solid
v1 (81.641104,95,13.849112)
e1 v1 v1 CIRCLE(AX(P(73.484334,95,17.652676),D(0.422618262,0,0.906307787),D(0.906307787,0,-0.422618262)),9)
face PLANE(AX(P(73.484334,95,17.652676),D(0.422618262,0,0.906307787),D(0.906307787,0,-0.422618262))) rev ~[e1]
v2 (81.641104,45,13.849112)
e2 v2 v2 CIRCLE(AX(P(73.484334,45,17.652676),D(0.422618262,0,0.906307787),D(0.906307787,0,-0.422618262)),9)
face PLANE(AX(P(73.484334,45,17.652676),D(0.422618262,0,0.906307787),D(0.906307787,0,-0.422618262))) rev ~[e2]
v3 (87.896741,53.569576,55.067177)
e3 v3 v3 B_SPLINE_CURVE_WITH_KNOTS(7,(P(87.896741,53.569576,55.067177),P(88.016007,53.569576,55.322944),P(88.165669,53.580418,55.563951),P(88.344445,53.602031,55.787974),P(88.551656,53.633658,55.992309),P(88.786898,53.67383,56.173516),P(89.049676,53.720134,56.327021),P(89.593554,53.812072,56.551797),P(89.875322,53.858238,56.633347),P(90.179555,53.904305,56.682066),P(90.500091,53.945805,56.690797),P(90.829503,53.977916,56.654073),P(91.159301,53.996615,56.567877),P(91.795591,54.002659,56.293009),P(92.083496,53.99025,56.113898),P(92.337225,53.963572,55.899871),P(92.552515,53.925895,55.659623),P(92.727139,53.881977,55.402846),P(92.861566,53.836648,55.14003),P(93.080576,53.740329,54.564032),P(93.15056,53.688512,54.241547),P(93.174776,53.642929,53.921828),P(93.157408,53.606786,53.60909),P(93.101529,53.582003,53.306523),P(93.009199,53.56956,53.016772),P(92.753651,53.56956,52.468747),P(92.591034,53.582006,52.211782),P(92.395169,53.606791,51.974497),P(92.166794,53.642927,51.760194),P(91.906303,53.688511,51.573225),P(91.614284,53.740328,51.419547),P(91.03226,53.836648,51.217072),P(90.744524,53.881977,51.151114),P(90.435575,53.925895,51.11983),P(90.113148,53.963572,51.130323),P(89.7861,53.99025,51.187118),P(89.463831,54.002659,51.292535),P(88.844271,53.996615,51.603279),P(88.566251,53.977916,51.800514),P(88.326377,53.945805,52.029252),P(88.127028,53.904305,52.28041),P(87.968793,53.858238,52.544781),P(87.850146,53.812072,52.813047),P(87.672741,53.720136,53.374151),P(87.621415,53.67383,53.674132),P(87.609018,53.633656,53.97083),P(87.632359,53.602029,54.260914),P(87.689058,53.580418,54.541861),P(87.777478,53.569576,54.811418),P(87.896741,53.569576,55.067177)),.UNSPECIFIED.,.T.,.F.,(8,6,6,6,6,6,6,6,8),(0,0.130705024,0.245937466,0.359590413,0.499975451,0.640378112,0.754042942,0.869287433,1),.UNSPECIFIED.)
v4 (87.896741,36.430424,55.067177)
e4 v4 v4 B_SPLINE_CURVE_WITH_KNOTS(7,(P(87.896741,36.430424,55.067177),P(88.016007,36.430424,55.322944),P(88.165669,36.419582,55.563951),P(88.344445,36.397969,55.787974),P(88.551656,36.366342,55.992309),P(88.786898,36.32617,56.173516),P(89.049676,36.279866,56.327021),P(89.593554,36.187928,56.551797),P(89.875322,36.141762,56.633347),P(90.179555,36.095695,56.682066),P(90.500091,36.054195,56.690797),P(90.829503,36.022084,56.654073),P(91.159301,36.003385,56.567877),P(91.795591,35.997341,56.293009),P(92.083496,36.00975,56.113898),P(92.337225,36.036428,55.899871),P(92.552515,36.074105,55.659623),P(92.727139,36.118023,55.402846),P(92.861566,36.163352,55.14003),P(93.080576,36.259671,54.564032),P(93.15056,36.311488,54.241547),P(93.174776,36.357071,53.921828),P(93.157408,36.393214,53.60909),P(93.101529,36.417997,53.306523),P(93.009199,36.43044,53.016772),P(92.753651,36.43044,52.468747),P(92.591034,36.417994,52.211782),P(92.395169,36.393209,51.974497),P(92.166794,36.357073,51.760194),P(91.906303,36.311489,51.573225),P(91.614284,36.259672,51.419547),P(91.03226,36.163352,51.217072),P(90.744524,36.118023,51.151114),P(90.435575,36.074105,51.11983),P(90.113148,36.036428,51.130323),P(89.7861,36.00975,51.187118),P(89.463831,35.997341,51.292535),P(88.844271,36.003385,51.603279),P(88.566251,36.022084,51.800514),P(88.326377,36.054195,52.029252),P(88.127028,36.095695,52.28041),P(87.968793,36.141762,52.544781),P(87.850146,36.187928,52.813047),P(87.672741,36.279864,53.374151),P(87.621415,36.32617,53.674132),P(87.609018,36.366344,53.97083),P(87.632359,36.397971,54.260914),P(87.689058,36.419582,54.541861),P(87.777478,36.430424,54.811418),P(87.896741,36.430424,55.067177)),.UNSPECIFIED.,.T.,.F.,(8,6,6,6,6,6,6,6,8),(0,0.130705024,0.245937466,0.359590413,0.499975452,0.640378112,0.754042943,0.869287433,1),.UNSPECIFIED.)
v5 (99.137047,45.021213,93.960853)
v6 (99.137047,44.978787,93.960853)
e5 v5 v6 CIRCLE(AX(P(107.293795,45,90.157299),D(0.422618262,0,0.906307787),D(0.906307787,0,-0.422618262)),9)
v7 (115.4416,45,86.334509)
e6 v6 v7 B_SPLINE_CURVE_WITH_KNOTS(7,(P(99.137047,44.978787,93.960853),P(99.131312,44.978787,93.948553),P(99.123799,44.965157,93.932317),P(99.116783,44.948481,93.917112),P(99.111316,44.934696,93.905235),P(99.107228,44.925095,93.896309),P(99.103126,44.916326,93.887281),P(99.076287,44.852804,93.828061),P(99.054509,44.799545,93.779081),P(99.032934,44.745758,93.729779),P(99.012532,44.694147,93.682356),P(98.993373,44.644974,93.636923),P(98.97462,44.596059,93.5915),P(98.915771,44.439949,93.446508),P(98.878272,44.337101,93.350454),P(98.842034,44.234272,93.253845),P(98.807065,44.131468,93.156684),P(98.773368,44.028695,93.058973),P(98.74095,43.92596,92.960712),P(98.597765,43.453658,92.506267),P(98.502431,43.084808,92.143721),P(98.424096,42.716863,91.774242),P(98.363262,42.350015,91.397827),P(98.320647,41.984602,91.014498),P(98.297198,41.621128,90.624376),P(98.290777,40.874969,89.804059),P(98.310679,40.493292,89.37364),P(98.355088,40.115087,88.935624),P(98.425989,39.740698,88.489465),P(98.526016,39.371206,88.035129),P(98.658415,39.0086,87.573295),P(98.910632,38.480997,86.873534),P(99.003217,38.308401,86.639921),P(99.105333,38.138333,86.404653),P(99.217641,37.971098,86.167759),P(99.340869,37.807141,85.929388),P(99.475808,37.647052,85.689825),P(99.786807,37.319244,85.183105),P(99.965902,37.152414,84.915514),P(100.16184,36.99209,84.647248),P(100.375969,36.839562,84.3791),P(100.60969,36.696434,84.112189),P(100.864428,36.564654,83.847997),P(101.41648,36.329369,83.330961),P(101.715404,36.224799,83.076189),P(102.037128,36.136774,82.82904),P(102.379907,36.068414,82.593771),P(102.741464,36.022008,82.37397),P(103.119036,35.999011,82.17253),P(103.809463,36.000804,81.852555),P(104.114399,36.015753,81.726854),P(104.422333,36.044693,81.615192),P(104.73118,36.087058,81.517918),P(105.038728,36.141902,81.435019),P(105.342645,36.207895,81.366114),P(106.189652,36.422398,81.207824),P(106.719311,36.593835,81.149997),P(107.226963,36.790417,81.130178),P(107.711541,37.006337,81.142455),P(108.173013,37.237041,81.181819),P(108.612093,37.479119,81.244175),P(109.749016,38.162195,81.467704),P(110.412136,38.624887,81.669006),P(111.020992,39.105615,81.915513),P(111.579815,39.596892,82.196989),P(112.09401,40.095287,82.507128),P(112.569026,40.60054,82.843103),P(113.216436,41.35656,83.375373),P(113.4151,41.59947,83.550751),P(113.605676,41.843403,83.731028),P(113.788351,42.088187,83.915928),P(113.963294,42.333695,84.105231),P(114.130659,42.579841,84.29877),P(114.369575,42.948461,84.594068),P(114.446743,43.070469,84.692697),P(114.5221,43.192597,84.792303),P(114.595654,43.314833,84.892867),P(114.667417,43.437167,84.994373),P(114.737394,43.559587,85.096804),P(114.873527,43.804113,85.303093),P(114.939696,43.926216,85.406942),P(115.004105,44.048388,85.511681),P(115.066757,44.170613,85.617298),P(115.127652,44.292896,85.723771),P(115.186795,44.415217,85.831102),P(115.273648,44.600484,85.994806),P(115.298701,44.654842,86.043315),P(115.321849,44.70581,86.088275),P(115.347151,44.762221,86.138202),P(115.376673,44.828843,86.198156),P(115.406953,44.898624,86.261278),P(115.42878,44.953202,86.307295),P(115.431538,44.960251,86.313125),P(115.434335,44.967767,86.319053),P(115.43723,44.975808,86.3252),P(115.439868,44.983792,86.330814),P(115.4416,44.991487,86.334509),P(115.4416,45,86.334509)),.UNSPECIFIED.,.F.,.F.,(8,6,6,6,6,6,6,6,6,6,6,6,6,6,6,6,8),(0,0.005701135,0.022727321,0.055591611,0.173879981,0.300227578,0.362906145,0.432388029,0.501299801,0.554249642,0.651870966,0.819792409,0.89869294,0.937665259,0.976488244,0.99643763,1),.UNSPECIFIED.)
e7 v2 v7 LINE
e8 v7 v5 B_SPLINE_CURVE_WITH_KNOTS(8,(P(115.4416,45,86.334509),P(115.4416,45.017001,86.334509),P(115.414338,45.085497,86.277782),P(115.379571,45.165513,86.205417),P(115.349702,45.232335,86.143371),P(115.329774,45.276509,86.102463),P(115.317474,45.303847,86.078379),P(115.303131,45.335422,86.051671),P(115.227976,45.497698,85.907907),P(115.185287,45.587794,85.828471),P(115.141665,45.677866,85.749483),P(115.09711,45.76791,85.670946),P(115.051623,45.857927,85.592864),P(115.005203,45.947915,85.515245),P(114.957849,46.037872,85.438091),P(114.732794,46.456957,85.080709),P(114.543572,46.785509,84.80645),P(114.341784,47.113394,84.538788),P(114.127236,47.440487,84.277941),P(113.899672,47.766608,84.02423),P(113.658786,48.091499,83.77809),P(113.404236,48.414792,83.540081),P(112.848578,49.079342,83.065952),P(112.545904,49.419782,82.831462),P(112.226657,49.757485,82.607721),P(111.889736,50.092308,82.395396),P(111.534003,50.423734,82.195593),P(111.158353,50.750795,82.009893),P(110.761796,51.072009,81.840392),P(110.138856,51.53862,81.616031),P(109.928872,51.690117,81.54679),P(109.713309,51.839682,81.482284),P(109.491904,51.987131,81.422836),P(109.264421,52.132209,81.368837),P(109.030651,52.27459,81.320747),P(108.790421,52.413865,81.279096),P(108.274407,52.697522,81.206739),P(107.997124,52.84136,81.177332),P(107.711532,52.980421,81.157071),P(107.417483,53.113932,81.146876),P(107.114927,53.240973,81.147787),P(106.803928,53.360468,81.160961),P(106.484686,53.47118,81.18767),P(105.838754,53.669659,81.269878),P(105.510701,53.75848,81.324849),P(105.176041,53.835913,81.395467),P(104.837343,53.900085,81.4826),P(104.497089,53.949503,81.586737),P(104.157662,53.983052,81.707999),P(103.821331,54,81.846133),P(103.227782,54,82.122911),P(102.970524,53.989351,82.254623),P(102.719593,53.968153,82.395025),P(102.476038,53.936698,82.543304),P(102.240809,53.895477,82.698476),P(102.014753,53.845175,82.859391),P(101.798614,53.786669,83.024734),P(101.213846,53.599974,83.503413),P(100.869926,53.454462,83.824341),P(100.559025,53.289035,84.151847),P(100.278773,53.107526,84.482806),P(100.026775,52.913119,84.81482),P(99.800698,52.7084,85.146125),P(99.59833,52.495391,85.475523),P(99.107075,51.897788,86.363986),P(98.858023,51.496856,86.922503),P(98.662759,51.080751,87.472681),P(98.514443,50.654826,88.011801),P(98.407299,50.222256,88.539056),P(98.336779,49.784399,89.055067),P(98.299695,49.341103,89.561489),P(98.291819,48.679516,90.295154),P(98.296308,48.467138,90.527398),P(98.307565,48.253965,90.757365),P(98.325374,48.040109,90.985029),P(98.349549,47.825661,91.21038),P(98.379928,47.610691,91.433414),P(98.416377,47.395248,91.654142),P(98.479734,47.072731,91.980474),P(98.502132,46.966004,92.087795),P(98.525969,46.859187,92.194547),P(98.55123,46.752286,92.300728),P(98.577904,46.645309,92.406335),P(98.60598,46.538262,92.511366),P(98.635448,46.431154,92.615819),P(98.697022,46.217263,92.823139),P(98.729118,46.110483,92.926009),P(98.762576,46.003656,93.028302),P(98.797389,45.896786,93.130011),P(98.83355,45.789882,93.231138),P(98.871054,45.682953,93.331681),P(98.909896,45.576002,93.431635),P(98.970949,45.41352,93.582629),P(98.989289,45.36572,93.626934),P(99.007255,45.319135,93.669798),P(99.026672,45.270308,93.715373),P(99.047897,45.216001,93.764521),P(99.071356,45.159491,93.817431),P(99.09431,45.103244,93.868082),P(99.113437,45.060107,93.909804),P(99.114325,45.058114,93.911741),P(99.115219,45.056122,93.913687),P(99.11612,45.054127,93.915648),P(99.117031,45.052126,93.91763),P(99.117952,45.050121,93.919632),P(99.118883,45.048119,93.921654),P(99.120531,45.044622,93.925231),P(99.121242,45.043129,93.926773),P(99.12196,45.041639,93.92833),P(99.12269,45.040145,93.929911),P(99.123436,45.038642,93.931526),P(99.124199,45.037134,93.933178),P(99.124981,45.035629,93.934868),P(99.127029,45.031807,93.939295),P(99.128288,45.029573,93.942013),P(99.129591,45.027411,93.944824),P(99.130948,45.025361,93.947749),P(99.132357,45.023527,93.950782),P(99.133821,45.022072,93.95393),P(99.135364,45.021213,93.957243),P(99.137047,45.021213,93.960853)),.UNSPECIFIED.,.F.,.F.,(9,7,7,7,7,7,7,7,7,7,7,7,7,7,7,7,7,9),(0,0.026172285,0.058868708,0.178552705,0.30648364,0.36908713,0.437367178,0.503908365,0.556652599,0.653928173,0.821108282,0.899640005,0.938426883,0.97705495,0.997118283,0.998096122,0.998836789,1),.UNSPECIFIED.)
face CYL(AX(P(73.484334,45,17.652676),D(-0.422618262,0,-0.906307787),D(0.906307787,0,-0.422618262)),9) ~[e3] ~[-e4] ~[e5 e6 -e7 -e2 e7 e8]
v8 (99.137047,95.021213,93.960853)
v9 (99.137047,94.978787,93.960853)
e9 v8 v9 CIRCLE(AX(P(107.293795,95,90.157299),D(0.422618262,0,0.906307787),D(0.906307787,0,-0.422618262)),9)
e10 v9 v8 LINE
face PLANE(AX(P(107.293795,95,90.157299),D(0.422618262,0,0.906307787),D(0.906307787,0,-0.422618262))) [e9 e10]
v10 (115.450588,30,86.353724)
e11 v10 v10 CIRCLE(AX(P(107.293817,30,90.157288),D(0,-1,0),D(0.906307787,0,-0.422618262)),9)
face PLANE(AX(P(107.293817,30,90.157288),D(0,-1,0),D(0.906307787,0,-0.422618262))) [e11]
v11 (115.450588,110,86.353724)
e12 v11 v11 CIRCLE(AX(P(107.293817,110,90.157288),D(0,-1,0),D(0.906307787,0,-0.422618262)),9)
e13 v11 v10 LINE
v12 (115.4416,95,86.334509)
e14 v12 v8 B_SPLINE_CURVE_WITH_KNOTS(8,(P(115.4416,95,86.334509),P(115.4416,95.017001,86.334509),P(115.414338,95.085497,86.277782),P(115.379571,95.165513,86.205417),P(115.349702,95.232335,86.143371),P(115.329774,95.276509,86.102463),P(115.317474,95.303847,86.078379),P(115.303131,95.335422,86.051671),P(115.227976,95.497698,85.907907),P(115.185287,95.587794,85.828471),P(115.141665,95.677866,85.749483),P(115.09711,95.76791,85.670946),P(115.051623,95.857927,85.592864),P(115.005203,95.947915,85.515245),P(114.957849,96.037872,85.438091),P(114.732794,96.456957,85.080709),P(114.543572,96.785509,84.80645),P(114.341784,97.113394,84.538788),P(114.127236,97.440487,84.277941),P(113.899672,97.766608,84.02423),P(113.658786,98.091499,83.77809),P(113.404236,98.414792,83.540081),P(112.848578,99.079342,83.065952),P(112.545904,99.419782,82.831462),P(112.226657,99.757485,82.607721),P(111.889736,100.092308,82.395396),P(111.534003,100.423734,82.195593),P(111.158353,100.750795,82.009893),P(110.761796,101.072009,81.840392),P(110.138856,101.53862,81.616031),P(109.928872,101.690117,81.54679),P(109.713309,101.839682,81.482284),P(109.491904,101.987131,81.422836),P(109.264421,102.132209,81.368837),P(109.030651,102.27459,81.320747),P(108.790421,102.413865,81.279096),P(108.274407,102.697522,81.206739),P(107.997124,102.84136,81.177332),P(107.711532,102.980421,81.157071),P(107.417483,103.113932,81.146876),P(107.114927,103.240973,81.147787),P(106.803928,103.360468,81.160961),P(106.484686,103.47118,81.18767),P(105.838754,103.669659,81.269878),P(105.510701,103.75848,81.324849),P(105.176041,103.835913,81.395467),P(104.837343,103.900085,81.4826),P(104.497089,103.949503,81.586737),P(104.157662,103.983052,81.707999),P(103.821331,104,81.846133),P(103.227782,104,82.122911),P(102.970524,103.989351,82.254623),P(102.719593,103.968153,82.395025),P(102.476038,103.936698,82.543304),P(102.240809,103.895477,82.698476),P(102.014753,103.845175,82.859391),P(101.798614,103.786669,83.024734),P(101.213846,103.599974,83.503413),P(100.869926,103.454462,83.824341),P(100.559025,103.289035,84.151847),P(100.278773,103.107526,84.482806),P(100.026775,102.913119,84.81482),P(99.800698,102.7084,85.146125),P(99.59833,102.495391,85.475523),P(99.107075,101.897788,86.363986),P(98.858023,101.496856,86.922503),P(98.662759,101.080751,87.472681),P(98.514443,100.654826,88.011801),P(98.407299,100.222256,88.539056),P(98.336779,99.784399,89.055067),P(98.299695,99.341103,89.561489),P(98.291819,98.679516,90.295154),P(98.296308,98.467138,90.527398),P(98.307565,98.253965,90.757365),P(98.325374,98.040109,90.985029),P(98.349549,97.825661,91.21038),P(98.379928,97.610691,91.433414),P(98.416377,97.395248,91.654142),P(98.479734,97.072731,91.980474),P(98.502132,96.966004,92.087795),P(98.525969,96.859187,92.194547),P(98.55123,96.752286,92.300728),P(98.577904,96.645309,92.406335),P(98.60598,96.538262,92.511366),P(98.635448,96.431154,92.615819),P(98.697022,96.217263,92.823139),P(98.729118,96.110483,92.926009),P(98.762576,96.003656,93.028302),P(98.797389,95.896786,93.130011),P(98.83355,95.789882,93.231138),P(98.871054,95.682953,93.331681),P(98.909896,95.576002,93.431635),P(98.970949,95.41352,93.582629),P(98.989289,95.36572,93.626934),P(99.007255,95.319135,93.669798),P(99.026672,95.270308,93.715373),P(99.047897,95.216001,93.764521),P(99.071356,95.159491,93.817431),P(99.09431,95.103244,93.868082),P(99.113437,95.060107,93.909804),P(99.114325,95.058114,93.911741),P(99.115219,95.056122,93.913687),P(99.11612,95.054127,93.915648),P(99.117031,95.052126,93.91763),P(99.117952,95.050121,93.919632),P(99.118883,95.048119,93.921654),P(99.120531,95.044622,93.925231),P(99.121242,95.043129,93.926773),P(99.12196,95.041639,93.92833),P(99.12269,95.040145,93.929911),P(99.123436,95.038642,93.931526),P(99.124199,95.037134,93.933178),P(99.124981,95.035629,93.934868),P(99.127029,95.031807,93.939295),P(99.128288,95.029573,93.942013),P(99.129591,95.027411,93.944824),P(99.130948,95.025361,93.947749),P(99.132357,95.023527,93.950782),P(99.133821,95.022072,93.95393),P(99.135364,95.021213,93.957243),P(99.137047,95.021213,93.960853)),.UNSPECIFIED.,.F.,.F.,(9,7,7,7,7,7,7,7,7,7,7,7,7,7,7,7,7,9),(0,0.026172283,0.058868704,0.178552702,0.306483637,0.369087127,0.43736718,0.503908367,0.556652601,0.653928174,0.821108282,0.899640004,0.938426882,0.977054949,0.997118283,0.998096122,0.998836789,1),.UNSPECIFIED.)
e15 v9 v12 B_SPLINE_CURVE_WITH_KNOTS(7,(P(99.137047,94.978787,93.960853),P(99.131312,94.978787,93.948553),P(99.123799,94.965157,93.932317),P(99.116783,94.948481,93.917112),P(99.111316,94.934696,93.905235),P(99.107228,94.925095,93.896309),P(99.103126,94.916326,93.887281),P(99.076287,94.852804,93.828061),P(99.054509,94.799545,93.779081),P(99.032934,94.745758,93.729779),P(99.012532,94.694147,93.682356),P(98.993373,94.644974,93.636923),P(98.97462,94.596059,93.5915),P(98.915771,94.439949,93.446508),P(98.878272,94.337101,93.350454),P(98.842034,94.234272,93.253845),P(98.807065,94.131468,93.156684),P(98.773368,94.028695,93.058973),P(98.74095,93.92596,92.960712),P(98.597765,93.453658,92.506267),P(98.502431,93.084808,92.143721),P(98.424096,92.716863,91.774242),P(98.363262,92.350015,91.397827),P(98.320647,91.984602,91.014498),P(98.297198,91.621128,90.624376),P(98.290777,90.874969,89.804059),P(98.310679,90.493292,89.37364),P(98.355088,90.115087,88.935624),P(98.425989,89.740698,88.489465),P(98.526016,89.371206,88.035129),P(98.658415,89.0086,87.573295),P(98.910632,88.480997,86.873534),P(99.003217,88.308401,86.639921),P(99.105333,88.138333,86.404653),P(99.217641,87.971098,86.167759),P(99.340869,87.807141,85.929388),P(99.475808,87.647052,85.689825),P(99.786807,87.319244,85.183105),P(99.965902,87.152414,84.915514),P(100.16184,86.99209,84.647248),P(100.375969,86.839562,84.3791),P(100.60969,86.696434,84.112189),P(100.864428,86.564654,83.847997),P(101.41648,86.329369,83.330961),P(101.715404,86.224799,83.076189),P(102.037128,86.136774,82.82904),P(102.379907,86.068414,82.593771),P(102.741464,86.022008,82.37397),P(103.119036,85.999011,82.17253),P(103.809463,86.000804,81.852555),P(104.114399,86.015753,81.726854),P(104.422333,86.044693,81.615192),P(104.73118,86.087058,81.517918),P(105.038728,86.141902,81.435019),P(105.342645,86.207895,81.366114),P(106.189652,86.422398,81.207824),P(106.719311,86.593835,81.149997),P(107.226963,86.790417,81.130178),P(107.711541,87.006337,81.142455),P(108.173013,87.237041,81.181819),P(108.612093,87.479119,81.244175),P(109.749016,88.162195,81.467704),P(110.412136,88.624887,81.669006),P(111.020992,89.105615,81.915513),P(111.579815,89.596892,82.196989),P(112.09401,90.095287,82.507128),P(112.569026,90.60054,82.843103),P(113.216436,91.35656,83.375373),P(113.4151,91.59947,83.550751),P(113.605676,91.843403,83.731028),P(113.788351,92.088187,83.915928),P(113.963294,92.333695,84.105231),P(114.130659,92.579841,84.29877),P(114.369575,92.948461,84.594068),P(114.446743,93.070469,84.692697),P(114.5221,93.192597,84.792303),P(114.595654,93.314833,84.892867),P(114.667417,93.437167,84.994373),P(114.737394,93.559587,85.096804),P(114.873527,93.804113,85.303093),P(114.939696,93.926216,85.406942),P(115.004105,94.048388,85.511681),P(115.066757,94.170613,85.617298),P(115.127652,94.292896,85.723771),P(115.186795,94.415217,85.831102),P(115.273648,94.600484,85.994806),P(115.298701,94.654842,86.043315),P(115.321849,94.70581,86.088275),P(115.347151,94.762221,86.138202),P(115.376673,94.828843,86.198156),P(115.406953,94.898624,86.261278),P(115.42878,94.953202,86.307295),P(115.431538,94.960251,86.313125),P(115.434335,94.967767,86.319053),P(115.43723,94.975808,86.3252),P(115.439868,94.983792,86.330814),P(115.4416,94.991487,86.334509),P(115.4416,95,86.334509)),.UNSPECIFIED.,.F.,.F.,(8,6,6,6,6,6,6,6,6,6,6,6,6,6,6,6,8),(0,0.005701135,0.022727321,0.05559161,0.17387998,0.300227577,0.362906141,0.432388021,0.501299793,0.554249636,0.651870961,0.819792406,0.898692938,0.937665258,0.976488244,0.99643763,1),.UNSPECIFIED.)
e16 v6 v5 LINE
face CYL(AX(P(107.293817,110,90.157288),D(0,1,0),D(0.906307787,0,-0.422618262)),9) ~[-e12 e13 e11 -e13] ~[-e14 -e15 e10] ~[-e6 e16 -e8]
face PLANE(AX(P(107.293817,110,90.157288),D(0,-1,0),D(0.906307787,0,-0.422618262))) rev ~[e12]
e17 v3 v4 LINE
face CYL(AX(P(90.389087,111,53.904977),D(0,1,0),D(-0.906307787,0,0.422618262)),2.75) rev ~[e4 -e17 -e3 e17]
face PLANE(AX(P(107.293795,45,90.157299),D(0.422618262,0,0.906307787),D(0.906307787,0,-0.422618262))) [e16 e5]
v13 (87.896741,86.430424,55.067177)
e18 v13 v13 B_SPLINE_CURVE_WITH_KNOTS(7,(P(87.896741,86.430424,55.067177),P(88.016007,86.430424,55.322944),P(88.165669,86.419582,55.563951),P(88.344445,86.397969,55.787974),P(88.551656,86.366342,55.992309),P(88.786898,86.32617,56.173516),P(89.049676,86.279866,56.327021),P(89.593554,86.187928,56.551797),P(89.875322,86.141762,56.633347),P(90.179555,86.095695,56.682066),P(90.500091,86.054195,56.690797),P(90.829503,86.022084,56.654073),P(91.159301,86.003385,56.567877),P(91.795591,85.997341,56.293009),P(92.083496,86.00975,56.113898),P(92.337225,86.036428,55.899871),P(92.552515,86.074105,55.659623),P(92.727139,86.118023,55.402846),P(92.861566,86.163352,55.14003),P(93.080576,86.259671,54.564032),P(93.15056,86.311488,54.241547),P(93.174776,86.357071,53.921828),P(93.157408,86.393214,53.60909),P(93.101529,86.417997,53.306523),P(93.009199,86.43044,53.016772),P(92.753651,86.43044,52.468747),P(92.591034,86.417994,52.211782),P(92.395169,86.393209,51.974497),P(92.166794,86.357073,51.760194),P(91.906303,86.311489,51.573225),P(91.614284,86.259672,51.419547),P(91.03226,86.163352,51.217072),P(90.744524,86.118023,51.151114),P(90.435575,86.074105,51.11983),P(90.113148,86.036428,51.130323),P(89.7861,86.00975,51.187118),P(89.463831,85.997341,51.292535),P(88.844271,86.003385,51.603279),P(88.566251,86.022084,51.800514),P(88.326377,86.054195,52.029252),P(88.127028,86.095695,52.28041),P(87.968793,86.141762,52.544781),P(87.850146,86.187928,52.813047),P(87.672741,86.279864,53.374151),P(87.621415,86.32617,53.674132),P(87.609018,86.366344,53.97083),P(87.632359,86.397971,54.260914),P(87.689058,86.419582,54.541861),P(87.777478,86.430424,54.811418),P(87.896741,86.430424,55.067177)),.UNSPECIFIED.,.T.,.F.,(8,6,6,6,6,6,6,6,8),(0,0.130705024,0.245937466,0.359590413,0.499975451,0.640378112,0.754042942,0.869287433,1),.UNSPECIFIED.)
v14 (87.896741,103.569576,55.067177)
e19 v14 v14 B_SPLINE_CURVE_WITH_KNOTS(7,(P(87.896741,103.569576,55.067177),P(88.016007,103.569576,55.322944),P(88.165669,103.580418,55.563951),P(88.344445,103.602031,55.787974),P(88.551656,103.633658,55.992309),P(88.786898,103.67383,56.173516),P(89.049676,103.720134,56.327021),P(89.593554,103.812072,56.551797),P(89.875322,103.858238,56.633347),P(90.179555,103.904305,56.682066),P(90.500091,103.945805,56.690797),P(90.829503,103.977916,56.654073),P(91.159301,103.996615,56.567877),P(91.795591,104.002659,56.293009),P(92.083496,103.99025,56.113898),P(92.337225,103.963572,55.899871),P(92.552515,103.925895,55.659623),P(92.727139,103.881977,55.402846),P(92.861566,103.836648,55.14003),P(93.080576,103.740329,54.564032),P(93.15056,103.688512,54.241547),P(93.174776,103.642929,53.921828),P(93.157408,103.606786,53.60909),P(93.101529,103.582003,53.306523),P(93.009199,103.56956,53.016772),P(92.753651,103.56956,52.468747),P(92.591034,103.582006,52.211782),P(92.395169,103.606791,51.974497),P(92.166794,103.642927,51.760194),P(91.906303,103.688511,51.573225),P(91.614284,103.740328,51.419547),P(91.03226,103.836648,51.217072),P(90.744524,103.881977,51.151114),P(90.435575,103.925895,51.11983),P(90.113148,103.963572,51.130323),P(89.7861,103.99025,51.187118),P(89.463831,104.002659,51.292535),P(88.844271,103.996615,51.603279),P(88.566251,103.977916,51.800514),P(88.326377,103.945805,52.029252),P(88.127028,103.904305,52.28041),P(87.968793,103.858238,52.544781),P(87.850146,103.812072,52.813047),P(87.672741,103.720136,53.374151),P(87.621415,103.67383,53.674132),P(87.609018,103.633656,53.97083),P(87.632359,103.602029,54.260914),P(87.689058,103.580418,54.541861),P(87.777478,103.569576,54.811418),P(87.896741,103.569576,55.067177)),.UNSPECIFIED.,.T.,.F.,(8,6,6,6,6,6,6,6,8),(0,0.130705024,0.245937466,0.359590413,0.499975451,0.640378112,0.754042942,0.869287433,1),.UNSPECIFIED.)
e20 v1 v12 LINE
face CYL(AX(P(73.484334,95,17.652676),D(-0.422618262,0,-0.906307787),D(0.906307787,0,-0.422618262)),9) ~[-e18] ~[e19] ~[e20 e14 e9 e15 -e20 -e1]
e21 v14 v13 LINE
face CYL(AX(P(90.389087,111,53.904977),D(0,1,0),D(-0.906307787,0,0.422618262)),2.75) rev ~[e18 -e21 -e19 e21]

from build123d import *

# Parameters (mm, degrees)
SKETCH005_AS_DRAWN_R                                = 2.75
EXTRUDE_SKETCH005001_DEPTH                          = 90
EXTRUDE_SKETCH005001_ONTO_SKETCH005_ROLL_ANGLE      = 90
EXTRUDE_SKETCH005001_ONTO_SKETCH005_PLACEMENT_ANGLE = 180
CYLINDER_R                                          = 9
CYLINDER_DEPTH                                      = 80
CYLINDER001_R                                       = 9
CYLINDER001_DEPTH                                   = 80
CYLINDER001_ROLL_ANGLE                              = 90
CLONE006_PLACEMENT_ANGLE                            = 25


with BuildPart() as clone_of_sketch005_extrude001:
    # Sketch005 as drawn → Extrude_Sketch005001 (new)
    with BuildSketch(Plane.XY):
        with Locations((-90, 54)):
            Circle(SKETCH005_AS_DRAWN_R)
    extrude(amount=-EXTRUDE_SKETCH005001_DEPTH)


with BuildPart() as clone_of_sketch005_extrude001_1:
    # Extrude_Sketch005001 onto Sketch005 roll: moved
    add(clone_of_sketch005_extrude001.part.rotate(Axis((0, 0, 0), (1, 0, 0)), EXTRUDE_SKETCH005001_ONTO_SKETCH005_ROLL_ANGLE))


with BuildPart() as clone_of_sketch005_extrude001_2:
    # Extrude_Sketch005001 onto Sketch005 placement: moved
    add(clone_of_sketch005_extrude001_1.part.moved(Location((0, 111, 0))).rotate(Axis((0, 111, 0), (0, 0, 1)), EXTRUDE_SKETCH005001_ONTO_SKETCH005_PLACEMENT_ANGLE))


with BuildPart() as cilindro:
    # Cylinder → Cylinder (new body)
    with BuildSketch(Plane(origin=(76.968275, 45, 32), x_dir=(1, 0, 0), z_dir=(0, 0, 1))):
        Circle(CYLINDER_R)
    extrude(amount=CYLINDER_DEPTH)


with BuildPart() as clone_of_cilindro:
    # Clone003 base: copy of Cilindro
    add(cilindro.part)


with BuildPart() as clone_of_cilindro_1:
    # Clone003 placement: moved
    add(clone_of_cilindro.part.moved(Location((0, 50, 0))))


with BuildPart() as clone_of_cut004:
    # Cylinder001 → Cylinder001 (new body)
    with BuildSketch(Plane.XY):
        Circle(CYLINDER001_R)
    extrude(amount=CYLINDER001_DEPTH)


with BuildPart() as clone_of_cut004_1:
    # Cylinder001 roll: moved
    add(clone_of_cut004.part.rotate(Axis((0, 0, 0), (1, 0, 0)), CYLINDER001_ROLL_ANGLE))


with BuildPart() as clone_of_cut004_2:
    # Cylinder001 placement: moved
    add(clone_of_cut004_1.part.moved(Location((76.9683, 110, 112))))

    # Fusion: union Clone of Cilindro, Cilindro
    add(clone_of_cilindro_1.part)
    add(cilindro.part)


with BuildPart() as clone_of_cut004_3:
    # Fusion placement: moved
    add(clone_of_cut004_2.part.moved(Location((13.0317, 0, -18))))

    # Cut003: cut Clone of Sketch005_Extrude001
    add(clone_of_sketch005_extrude001_2.part, mode=Mode.SUBTRACT)


with BuildPart() as clone_of_cut004_4:
    # Clone006 placement: moved
    add(clone_of_cut004_3.part.moved(Location((-14, 0, 43))).rotate(Axis((-14, 0, 43), (0, 1, 0)), CLONE006_PLACEMENT_ANGLE))


solid = clone_of_cut004_4.part
